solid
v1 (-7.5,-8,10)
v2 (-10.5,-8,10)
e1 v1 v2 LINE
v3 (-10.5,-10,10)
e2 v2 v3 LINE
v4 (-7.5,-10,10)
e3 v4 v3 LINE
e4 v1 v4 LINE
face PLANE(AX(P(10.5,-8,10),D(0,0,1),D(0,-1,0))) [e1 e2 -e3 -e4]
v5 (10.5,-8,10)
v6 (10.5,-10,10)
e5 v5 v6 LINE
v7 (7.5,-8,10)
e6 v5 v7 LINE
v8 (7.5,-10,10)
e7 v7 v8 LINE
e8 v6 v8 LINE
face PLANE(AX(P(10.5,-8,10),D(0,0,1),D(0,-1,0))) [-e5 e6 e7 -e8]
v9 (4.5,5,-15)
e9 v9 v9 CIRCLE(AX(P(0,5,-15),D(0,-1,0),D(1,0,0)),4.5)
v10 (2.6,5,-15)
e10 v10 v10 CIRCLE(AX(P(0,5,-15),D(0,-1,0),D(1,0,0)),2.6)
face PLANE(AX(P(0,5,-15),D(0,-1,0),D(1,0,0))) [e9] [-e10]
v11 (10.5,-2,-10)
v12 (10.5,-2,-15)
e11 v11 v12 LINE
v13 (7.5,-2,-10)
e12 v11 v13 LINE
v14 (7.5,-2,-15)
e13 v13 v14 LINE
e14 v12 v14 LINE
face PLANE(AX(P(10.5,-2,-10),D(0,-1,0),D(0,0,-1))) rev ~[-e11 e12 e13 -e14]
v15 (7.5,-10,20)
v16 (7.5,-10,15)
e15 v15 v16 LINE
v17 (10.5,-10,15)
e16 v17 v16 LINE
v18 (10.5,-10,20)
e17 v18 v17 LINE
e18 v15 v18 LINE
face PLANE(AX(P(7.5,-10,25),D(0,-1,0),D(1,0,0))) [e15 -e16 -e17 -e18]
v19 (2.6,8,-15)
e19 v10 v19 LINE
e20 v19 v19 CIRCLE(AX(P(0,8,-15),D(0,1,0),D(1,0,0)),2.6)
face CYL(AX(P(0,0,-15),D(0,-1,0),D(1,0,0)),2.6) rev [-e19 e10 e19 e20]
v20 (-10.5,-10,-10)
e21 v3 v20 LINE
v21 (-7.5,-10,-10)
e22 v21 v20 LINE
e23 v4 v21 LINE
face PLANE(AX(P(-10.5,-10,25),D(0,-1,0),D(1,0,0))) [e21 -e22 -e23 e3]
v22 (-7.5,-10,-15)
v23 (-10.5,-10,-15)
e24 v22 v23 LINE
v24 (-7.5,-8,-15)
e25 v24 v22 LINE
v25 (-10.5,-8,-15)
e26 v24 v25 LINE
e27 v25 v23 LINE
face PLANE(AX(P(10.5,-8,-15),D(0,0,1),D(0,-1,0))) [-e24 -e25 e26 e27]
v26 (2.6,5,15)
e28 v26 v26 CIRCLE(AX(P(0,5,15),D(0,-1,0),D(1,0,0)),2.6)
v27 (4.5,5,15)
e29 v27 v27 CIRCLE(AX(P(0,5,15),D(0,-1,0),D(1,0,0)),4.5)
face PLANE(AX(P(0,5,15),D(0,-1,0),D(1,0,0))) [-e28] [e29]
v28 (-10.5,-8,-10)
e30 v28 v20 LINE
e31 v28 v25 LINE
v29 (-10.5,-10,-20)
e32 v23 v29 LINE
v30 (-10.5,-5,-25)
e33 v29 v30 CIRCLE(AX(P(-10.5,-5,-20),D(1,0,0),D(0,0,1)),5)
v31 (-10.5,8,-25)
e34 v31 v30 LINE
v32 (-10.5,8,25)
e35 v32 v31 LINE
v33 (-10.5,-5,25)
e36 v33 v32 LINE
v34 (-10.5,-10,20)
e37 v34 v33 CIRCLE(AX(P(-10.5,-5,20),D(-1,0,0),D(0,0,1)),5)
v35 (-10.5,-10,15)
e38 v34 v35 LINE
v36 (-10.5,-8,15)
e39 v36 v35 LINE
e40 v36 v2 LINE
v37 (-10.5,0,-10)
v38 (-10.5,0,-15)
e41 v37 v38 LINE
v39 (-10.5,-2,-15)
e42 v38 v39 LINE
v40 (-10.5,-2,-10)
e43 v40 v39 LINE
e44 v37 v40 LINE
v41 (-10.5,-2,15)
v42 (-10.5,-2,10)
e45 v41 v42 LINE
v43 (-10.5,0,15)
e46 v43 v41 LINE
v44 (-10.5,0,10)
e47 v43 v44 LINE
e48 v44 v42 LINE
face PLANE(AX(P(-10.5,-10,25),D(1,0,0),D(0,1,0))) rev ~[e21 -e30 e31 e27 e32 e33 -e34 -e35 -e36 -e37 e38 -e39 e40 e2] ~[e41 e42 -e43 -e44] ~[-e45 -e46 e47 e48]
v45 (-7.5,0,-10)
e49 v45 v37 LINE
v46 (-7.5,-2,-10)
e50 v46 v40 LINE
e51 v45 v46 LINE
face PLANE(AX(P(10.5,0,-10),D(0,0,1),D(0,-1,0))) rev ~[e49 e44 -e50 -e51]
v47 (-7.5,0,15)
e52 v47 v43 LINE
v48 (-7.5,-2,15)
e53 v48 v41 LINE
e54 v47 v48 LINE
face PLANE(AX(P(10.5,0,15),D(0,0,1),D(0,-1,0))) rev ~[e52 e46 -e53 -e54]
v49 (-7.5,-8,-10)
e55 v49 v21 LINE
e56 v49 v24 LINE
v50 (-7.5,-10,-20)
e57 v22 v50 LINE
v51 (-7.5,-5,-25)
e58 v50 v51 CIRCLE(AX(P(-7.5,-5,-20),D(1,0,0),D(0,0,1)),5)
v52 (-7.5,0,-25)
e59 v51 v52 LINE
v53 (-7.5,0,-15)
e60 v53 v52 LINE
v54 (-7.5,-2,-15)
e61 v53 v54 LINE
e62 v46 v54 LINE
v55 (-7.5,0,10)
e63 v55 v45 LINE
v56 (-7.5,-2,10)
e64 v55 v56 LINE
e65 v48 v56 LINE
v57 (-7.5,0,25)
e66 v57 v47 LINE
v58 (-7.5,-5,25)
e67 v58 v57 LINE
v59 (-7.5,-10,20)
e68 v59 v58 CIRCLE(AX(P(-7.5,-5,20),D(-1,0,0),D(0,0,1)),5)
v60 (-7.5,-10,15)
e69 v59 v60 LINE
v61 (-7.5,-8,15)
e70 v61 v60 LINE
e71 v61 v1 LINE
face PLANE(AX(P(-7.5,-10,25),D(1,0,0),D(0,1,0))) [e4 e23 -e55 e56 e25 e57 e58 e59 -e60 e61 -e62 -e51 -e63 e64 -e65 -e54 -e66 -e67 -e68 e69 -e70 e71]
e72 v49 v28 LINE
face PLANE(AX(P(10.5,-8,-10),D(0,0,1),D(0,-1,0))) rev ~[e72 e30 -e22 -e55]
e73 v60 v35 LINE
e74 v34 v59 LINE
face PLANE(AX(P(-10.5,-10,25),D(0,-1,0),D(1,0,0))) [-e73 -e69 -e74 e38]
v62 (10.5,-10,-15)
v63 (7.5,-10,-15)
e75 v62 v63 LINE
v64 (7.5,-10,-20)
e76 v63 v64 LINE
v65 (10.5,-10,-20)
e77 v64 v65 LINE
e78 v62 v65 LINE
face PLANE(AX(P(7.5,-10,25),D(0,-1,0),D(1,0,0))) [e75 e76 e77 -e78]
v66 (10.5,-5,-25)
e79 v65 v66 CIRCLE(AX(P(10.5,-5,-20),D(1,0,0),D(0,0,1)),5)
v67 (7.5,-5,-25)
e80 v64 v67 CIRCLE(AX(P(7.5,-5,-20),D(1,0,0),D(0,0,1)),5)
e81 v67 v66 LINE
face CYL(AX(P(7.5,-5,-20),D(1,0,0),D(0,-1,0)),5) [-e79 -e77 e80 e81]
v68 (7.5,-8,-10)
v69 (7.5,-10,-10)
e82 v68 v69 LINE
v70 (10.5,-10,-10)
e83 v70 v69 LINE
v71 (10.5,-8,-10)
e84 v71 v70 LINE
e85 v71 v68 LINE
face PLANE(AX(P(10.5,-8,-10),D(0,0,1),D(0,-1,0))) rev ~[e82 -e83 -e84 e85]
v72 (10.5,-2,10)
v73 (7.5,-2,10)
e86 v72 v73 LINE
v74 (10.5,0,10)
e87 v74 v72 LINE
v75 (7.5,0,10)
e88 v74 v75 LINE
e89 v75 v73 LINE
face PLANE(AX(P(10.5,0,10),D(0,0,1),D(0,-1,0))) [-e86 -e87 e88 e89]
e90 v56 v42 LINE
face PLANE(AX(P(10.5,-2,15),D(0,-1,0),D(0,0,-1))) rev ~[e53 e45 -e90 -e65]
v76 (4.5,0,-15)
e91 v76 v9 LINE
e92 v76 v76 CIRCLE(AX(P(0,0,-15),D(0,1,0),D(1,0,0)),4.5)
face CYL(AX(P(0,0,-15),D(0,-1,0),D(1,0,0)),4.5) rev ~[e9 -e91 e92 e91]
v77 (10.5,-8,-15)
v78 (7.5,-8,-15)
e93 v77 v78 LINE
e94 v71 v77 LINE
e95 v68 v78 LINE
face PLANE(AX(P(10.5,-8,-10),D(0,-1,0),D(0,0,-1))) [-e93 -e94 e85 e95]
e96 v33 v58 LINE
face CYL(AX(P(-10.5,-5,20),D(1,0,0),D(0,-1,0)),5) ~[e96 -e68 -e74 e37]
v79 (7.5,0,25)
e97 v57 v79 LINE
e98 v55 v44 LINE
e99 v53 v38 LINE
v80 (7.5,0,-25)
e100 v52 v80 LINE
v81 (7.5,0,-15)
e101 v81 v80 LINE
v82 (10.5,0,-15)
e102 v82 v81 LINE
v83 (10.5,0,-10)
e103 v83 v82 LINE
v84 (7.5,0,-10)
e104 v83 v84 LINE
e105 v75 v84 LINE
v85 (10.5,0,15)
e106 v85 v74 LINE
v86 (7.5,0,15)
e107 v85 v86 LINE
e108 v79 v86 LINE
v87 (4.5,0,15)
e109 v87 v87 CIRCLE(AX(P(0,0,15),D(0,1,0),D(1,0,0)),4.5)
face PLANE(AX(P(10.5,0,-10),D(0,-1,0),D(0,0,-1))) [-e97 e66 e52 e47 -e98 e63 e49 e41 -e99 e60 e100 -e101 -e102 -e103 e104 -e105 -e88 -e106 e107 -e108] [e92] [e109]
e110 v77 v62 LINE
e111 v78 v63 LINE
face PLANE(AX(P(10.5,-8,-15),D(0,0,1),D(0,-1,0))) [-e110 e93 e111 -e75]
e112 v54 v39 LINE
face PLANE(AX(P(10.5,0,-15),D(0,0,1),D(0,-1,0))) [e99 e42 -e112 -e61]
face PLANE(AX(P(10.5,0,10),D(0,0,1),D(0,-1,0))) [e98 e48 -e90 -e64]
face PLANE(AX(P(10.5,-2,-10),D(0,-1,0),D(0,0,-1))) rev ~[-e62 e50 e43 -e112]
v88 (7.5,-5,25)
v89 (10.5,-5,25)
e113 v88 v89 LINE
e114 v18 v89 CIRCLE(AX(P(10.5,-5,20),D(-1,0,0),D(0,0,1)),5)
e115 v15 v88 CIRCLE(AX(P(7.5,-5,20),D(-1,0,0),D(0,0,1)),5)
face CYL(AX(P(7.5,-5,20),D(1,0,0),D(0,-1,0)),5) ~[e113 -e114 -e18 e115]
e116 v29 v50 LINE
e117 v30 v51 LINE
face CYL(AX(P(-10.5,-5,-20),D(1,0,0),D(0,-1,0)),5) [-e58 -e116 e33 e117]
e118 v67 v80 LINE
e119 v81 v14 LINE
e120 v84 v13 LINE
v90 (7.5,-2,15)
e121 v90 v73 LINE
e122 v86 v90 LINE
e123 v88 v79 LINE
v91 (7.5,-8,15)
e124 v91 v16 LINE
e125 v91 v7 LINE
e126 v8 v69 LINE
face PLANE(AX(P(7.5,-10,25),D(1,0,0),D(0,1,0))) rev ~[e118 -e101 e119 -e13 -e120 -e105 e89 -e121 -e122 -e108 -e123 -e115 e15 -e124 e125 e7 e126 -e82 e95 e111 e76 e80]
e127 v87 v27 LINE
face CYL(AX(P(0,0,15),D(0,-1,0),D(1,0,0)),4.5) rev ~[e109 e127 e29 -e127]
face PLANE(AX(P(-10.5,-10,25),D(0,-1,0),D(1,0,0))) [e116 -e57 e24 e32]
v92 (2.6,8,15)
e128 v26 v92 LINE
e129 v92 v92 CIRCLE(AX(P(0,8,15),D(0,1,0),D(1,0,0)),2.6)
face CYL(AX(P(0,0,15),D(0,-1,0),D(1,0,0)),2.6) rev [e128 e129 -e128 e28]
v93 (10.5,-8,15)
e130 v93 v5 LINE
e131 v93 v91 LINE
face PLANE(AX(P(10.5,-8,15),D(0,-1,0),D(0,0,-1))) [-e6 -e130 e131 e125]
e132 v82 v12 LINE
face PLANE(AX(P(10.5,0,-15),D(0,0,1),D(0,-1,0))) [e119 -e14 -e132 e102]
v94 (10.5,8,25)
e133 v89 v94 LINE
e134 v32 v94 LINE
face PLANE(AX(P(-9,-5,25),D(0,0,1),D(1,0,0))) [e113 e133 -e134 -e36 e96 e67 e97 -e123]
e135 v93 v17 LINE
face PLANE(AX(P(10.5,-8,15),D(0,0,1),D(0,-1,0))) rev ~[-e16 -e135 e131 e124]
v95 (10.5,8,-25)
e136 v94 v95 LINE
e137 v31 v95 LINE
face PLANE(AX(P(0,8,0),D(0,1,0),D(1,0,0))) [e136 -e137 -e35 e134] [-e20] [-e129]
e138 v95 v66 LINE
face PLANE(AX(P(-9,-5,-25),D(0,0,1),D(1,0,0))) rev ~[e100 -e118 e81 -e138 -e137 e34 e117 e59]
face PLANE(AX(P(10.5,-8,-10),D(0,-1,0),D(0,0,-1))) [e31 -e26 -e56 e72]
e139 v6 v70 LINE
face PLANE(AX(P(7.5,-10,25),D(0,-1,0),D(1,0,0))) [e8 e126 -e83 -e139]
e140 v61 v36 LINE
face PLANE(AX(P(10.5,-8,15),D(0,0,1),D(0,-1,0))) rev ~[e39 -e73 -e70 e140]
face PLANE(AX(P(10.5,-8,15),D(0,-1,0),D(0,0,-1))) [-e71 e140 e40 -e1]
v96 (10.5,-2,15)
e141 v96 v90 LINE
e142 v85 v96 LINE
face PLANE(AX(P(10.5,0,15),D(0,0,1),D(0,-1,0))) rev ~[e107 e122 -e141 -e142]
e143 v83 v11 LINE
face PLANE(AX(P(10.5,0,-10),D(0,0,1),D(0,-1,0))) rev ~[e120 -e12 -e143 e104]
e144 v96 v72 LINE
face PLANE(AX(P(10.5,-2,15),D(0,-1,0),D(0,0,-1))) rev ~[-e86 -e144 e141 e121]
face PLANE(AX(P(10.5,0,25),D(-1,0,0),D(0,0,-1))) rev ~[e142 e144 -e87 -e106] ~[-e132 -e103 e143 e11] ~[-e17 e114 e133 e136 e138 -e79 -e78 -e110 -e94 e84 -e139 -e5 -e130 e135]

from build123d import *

# Parameters (mm, degrees)
SKETCH1_W           = 21
SKETCH1_H           = 50
SKETCH1_R           = 2.6
BOSS_EXTRUDE1_DEPTH = 8
SKETCH2_R           = 4.5
CUT_EXTRUDE1_DEPTH  = 5
SKETCH3_W           = 3
SKETCH3_H           = 10
BOSS_EXTRUDE2_DEPTH = 50
SKETCH4_W           = 2
SKETCH4_H           = 5
CUT_EXTRUDE2_DEPTH  = 22
FILLET1_R           = 5


with BuildPart() as part:
    # Sketch1 → Boss-Extrude1 (new body)
    with BuildSketch(Plane(origin=(0, 0, 0), x_dir=(1, 0, 0), z_dir=(0, 1, 0))):
        Rectangle(SKETCH1_W, SKETCH1_H)
        with Locations((0, -15)):
            Circle(SKETCH1_R, mode=Mode.SUBTRACT)
        with Locations((0, 15)):
            Circle(SKETCH1_R, mode=Mode.SUBTRACT)
    extrude(amount=BOSS_EXTRUDE1_DEPTH)

    # Sketch2 → Cut-Extrude1 (cut)
    with BuildSketch(Plane.XZ):
        with Locations((0, 15)):
            Circle(SKETCH2_R)
        with Locations((0, -15)):
            Circle(SKETCH2_R)
    extrude(amount=-CUT_EXTRUDE1_DEPTH, mode=Mode.SUBTRACT)

    # Sketch3 → Boss-Extrude2 (add)
    with BuildSketch(Plane.XY.offset(25)):
        with Locations((-9, -5)):
            Rectangle(SKETCH3_W, SKETCH3_H)
        with Locations((9, -5)):
            Rectangle(SKETCH3_W, SKETCH3_H)
    extrude(amount=-BOSS_EXTRUDE2_DEPTH)

    # Sketch4 → Cut-Extrude2 (cut, through all)
    with BuildSketch(Plane(origin=(10.5, 13.5, 0), x_dir=(0, -1, 0), z_dir=(1, 0, 0))):
        with Locations((14.5, -12.5)):
            Rectangle(SKETCH4_W, SKETCH4_H)
        with Locations((22.5, -12.5)):
            Rectangle(SKETCH4_W, SKETCH4_H)
        with Locations((22.5, 12.5)):
            Rectangle(SKETCH4_W, SKETCH4_H)
        with Locations((14.5, 12.5)):
            Rectangle(SKETCH4_W, SKETCH4_H)
    extrude(amount=-CUT_EXTRUDE2_DEPTH, mode=Mode.SUBTRACT)

    # Fillet1
    fillet1_edges = [part.edges().sort_by_distance(p)[0] for p in [
        (-9, -10, -25),
        (-9, -10, 25),
        (9, -10, 25),
        (9, -10, -25),
    ]]
    fillet(fillet1_edges, radius=FILLET1_R)


solid = part.part
